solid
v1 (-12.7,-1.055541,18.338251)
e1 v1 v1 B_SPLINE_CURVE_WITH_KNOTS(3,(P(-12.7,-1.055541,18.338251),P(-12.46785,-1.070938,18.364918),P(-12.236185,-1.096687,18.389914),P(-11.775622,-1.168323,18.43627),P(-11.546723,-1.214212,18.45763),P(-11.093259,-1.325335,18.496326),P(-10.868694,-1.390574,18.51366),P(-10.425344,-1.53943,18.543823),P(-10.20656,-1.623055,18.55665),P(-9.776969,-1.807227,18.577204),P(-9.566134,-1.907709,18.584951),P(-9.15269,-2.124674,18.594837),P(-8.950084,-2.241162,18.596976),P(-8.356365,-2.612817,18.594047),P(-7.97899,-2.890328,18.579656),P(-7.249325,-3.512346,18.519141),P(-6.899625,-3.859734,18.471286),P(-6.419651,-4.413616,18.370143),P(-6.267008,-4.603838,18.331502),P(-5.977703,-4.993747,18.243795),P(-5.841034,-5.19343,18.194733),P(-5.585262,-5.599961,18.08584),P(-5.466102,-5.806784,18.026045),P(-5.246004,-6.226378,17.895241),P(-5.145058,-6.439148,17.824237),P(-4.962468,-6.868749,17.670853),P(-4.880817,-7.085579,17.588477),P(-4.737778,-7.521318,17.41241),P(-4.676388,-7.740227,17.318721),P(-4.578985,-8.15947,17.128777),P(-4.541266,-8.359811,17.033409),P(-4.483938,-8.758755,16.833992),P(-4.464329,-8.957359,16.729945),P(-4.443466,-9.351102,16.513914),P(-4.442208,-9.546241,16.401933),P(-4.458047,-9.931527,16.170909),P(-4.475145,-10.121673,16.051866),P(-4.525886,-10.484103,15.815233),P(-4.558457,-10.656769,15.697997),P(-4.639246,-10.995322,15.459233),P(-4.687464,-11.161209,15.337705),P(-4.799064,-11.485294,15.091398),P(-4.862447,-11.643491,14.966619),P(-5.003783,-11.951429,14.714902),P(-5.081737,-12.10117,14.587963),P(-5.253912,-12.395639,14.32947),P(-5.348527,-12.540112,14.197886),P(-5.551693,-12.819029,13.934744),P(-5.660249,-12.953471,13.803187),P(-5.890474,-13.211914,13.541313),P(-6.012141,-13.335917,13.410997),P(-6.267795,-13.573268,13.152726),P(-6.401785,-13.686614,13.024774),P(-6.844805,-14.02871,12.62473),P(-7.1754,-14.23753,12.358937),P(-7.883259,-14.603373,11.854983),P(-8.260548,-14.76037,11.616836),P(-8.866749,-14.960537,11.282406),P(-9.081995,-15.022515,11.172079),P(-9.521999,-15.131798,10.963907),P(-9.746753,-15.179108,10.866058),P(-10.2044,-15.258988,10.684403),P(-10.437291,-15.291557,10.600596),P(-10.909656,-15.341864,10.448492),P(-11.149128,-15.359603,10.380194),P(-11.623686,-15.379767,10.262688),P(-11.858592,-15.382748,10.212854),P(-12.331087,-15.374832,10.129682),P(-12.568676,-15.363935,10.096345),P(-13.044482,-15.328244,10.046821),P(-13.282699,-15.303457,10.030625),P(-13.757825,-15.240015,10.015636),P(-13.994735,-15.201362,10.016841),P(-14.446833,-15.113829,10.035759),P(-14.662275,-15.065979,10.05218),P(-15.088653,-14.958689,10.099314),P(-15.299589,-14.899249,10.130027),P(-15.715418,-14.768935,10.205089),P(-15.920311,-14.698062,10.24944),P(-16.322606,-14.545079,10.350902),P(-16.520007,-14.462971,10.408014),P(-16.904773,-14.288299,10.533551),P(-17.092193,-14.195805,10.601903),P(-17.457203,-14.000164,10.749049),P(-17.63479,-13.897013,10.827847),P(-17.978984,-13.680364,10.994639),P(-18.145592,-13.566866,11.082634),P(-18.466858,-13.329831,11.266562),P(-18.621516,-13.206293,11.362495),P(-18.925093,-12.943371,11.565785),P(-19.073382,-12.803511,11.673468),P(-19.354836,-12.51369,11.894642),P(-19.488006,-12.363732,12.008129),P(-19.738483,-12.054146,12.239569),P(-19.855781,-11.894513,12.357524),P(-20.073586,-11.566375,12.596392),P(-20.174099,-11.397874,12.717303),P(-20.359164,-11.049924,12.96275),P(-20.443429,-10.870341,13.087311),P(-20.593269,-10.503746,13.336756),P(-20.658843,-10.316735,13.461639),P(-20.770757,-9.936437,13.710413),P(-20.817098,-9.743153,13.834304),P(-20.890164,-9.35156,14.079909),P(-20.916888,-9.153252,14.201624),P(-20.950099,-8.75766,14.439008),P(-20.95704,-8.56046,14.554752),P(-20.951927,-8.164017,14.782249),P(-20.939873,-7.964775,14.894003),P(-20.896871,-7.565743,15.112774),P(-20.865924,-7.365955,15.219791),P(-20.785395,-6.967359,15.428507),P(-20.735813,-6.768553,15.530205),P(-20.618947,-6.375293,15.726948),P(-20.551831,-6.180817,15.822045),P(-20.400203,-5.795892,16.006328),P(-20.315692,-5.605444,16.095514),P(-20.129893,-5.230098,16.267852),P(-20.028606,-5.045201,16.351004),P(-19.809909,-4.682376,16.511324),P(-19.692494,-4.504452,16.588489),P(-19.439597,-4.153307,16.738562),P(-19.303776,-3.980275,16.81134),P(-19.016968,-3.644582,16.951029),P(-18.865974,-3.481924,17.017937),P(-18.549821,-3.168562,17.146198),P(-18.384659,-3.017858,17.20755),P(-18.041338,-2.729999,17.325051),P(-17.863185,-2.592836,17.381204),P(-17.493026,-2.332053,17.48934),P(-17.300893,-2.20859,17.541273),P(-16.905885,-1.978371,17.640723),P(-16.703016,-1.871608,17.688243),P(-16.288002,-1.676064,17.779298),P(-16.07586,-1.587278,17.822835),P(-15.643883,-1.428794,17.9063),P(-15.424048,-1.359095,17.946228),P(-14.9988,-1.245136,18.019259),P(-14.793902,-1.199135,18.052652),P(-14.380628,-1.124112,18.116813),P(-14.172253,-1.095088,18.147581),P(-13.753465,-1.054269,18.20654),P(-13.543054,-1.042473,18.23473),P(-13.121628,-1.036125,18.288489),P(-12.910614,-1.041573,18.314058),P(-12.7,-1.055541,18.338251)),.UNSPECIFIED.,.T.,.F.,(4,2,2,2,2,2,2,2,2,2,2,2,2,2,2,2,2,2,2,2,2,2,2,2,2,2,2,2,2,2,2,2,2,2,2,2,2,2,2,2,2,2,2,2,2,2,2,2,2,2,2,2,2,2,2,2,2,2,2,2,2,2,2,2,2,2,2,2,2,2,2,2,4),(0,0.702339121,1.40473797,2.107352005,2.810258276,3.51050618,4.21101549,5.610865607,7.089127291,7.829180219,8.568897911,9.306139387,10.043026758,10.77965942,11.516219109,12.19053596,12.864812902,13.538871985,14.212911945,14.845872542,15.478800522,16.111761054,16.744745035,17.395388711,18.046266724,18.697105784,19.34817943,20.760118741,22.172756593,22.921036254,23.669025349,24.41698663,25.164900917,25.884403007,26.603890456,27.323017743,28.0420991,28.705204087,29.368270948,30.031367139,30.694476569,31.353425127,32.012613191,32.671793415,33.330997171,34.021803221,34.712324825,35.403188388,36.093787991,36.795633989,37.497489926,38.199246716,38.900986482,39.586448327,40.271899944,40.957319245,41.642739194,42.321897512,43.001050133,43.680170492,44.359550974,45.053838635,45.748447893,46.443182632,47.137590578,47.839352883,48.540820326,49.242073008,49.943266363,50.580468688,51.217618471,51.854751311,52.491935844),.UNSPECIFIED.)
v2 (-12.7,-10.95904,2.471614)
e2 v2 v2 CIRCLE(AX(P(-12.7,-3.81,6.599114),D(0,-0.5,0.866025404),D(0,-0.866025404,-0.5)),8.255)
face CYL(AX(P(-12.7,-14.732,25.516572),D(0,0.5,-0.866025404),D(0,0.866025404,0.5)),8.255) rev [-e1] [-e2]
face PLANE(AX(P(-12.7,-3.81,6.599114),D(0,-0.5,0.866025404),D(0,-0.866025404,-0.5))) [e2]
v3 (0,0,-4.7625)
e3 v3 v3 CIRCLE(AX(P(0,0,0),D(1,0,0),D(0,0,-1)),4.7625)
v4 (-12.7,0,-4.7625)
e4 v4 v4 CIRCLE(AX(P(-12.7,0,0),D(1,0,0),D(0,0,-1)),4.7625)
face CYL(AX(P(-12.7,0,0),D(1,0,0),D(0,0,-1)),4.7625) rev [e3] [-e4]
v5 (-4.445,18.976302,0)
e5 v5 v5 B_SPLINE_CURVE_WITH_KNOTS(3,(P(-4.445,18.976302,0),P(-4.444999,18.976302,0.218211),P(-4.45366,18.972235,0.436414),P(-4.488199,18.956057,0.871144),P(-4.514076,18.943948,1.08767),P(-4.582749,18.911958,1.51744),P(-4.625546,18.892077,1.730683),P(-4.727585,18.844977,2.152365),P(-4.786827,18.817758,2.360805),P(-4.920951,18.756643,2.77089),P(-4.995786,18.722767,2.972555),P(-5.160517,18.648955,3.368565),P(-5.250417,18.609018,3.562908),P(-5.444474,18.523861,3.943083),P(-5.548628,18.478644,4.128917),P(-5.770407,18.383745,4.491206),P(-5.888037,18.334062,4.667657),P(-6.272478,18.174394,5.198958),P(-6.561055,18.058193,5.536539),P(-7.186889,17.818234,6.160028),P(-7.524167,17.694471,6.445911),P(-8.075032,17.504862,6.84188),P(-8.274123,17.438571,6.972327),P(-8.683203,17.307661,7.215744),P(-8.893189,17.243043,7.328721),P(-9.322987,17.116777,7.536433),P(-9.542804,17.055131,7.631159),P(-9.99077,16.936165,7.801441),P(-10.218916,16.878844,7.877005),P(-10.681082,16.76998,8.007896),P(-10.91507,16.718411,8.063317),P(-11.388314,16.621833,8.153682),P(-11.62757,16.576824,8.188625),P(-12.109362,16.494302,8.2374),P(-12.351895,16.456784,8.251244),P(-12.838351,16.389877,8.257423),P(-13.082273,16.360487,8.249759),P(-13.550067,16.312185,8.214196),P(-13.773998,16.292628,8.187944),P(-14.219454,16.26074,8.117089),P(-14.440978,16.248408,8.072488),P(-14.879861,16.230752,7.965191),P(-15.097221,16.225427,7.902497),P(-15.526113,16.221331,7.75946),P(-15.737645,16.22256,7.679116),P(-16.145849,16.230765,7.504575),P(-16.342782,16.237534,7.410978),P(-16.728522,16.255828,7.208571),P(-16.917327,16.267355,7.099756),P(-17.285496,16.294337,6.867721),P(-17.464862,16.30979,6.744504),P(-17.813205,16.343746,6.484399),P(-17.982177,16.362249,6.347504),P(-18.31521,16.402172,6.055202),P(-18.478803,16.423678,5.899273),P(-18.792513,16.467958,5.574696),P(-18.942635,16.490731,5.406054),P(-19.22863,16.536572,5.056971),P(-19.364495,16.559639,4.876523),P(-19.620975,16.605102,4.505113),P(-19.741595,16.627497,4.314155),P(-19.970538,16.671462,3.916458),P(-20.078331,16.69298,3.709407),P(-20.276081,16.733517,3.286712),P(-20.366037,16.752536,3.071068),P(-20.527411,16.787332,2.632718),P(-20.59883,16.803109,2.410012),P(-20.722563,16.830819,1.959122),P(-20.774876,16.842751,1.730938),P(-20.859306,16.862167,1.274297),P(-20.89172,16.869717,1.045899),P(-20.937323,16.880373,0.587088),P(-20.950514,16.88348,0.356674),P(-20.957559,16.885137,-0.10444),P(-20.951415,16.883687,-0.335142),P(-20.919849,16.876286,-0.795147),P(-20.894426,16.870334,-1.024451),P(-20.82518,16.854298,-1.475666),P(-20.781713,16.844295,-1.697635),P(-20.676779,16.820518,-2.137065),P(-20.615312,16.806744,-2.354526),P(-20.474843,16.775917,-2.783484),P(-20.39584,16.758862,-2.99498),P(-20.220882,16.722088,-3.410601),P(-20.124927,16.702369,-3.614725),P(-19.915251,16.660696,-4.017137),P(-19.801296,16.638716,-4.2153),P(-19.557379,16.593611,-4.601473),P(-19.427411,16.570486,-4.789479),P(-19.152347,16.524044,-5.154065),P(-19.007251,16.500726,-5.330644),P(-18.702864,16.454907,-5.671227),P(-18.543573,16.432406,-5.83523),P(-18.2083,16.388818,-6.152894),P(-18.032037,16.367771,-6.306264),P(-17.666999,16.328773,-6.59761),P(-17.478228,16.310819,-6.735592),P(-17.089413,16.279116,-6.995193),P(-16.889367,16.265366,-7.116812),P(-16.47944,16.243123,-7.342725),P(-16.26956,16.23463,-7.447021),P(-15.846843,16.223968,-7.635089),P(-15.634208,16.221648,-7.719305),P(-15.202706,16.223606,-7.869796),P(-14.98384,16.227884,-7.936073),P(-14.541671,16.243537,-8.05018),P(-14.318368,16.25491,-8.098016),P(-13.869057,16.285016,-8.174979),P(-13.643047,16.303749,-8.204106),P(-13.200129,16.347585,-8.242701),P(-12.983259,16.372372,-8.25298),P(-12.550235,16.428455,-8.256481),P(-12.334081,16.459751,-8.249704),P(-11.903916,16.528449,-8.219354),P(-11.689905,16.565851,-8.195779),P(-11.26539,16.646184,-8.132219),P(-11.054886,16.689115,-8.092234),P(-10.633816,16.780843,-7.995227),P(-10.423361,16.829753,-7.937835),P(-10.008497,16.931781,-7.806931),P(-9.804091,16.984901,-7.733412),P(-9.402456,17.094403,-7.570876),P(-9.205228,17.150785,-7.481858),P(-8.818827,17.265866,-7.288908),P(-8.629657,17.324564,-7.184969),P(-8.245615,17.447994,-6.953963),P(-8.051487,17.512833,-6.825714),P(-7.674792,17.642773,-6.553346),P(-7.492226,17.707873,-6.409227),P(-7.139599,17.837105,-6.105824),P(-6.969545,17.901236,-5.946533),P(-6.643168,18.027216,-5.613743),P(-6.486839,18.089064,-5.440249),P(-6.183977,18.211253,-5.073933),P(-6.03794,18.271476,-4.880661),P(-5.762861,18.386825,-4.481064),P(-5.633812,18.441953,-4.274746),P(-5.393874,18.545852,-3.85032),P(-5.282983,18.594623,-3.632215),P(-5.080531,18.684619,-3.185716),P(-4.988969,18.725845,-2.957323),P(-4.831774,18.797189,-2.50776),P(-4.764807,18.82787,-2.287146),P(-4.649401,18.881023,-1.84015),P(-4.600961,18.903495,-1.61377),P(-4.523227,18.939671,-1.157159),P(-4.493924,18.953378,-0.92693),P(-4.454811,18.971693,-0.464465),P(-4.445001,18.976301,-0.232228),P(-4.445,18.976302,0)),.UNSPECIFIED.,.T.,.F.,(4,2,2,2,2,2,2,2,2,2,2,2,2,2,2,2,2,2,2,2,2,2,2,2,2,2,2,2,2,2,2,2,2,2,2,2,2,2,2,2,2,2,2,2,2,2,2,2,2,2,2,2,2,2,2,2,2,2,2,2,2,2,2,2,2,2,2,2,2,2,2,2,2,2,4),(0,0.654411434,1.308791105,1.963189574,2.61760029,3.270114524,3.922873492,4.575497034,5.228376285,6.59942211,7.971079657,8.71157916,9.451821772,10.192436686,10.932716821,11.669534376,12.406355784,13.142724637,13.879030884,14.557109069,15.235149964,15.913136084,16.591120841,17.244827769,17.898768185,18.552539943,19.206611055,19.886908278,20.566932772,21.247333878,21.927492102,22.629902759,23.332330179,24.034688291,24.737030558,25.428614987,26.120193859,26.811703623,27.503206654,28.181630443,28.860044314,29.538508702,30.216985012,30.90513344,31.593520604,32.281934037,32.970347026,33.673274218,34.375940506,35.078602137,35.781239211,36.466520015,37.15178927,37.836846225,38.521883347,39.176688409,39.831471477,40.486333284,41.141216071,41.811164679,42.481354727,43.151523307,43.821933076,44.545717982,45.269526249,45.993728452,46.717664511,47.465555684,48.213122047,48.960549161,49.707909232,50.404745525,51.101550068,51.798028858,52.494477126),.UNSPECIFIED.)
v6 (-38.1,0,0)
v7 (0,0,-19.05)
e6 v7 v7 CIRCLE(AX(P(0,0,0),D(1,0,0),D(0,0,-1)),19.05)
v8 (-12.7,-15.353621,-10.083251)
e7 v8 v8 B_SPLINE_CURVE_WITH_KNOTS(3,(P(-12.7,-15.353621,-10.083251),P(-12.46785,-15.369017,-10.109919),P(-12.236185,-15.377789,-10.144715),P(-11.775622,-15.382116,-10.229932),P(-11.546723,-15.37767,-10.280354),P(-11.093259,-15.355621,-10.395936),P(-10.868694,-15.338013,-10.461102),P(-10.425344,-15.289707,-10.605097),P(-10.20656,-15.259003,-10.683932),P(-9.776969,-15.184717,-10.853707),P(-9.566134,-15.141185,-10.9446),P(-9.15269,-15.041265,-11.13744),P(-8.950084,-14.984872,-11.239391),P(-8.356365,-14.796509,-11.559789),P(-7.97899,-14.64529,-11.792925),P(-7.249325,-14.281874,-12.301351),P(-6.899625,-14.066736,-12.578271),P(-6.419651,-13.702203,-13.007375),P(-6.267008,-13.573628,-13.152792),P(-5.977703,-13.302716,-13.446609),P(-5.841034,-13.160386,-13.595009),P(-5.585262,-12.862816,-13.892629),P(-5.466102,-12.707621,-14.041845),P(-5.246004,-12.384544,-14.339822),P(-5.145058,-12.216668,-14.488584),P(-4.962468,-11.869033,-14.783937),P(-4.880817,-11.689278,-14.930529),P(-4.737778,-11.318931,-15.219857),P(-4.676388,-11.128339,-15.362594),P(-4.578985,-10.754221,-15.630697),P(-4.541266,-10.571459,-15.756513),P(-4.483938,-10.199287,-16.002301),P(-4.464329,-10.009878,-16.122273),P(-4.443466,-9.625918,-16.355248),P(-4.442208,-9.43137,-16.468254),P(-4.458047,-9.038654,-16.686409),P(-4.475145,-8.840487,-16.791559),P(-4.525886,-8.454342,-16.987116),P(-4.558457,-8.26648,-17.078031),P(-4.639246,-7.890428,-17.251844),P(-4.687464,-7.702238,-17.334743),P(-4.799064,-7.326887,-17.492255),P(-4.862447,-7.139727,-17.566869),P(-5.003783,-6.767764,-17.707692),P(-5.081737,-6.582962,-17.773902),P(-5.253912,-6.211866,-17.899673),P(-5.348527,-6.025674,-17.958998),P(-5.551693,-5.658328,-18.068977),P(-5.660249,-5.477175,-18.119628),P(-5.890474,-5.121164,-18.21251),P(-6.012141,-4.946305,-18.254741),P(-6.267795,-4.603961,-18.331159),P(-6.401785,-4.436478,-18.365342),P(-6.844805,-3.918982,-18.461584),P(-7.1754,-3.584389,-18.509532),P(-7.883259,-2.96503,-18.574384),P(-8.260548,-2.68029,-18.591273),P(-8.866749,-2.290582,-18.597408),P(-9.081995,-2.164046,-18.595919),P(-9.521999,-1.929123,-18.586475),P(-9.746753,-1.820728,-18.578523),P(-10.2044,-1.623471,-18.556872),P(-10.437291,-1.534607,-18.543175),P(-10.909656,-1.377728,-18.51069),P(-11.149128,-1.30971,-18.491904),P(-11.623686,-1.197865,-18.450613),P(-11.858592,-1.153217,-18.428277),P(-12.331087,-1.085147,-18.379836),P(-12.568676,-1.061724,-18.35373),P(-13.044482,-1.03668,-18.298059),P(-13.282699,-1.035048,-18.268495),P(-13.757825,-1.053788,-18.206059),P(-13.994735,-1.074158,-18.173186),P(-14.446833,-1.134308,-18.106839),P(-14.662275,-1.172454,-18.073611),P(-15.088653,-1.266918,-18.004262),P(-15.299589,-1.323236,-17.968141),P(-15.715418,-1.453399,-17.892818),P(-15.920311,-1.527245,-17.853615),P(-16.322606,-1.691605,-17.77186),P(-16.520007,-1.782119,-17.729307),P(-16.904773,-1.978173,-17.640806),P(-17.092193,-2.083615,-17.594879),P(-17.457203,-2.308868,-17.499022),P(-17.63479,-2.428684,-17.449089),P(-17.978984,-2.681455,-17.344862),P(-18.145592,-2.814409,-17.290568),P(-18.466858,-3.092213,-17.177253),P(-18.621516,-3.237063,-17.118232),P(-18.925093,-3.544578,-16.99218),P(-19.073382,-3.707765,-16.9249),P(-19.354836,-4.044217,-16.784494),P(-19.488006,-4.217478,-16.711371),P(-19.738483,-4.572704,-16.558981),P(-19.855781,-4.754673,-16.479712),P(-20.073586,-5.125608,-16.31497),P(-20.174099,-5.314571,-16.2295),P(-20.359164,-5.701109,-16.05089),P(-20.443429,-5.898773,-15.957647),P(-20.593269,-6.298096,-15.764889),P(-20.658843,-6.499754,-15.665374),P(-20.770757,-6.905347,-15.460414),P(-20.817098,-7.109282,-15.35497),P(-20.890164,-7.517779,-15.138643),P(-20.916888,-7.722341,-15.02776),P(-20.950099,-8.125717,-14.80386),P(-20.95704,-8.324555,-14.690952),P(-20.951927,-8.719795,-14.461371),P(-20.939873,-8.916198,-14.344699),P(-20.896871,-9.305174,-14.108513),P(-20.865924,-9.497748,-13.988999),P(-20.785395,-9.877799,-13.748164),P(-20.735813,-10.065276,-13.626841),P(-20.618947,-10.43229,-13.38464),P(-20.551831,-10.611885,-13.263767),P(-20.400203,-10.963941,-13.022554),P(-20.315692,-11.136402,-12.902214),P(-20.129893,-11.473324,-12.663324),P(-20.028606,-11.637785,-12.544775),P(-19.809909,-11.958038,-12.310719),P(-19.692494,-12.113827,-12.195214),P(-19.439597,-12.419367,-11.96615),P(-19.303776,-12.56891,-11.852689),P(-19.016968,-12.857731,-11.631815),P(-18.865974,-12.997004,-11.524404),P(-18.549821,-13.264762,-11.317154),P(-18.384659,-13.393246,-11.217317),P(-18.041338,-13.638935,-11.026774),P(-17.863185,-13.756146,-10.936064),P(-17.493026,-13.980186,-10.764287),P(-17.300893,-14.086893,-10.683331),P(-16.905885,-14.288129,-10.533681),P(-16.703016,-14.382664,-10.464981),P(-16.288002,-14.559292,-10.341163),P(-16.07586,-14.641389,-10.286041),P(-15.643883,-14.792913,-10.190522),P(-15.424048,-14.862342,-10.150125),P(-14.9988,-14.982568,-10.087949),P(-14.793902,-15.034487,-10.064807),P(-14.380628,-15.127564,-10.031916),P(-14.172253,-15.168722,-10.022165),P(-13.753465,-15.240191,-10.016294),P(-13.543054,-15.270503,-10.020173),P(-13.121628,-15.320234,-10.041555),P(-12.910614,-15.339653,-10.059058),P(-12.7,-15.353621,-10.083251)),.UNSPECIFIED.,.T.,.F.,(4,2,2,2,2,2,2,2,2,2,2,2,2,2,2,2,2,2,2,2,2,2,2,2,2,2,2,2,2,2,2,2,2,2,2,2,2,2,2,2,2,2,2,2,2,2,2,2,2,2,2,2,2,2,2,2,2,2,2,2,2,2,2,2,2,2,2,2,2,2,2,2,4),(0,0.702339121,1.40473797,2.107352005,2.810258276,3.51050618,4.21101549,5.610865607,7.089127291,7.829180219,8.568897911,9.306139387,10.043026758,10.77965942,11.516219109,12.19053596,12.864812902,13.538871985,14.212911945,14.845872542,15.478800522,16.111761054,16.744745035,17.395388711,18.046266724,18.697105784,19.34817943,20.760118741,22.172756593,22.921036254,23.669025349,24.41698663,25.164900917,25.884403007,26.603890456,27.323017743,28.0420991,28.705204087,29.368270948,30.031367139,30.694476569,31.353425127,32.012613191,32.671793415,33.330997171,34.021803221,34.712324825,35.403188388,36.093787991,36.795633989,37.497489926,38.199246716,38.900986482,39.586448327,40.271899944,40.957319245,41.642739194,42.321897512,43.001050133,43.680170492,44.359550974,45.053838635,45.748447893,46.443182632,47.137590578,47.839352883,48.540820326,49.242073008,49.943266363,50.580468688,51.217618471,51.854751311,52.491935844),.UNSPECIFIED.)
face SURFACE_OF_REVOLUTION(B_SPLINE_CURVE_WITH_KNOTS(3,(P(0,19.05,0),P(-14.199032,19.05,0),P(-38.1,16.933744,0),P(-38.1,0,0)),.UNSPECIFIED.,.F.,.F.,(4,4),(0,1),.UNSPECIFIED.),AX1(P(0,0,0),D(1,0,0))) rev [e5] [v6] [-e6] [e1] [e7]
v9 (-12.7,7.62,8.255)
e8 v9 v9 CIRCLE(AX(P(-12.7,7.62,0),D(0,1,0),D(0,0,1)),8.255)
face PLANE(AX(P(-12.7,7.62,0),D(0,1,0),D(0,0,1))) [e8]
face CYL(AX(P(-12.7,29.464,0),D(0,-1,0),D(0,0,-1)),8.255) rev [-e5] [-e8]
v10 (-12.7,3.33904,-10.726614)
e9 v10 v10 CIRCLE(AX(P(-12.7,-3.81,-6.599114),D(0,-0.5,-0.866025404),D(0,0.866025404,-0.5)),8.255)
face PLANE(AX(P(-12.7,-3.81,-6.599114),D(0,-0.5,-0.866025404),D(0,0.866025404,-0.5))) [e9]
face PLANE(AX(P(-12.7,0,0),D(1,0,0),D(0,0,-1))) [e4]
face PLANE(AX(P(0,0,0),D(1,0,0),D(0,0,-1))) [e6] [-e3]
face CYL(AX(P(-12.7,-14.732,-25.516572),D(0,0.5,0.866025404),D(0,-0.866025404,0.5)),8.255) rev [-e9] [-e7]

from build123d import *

# Parameters (mm, degrees)
SKETCH3_R          = 4.7625
CUT_EXTRUDE1_DEPTH = 12.7
SKETCH4_R          = 8.255
CUT_EXTRUDE2_DEPTH = 21.844
CIRPATTERN1_COUNT  = 3


with BuildPart() as part:
    # Sketch2 → Revolve1 (revolve)
    with BuildSketch(Plane.XY):
        with BuildLine():
            Line((0, 0), (-38.1, 0))
            add(Edge.make_bspline(
                [(0, 19.05), (-14.199031657, 19.05), (-38.1, 16.933744176), (-38.1, 0)],
                knots=[0, 0, 0, 0, 1, 1, 1, 1], degree=3))
            Line((0, 19.05), (0, 0))
        make_face()
    revolve(axis=Axis((0, 0, 0), (-1, 0, 0)))

    # Sketch3 → Cut-Extrude1 (cut)
    with BuildSketch(Plane(origin=(0, 0, 0), x_dir=(0, 0, -1), z_dir=(1, 0, 0))):
        Circle(SKETCH3_R)
    extrude(amount=-CUT_EXTRUDE1_DEPTH, mode=Mode.SUBTRACT)

    # Sketch4 → Cut-Extrude2 (cut)
    with BuildSketch(Plane(origin=(0, 7.62, 0), x_dir=(1, 0, 0), z_dir=(0, 1, 0))):
        with Locations((-12.7, 0)):
            Circle(SKETCH4_R)
    cut_extrude2 = extrude(amount=CUT_EXTRUDE2_DEPTH, mode=Mode.SUBTRACT)

    # CirPattern1: Cut-Extrude2 ×3 about axis
    cirpattern1_axis = Axis((0, 0, 0), (1, 0, 0))
    for i in range(1, CIRPATTERN1_COUNT):
        add(cut_extrude2.rotate(cirpattern1_axis, i * 360 / CIRPATTERN1_COUNT), mode=Mode.SUBTRACT)


solid = part.part
